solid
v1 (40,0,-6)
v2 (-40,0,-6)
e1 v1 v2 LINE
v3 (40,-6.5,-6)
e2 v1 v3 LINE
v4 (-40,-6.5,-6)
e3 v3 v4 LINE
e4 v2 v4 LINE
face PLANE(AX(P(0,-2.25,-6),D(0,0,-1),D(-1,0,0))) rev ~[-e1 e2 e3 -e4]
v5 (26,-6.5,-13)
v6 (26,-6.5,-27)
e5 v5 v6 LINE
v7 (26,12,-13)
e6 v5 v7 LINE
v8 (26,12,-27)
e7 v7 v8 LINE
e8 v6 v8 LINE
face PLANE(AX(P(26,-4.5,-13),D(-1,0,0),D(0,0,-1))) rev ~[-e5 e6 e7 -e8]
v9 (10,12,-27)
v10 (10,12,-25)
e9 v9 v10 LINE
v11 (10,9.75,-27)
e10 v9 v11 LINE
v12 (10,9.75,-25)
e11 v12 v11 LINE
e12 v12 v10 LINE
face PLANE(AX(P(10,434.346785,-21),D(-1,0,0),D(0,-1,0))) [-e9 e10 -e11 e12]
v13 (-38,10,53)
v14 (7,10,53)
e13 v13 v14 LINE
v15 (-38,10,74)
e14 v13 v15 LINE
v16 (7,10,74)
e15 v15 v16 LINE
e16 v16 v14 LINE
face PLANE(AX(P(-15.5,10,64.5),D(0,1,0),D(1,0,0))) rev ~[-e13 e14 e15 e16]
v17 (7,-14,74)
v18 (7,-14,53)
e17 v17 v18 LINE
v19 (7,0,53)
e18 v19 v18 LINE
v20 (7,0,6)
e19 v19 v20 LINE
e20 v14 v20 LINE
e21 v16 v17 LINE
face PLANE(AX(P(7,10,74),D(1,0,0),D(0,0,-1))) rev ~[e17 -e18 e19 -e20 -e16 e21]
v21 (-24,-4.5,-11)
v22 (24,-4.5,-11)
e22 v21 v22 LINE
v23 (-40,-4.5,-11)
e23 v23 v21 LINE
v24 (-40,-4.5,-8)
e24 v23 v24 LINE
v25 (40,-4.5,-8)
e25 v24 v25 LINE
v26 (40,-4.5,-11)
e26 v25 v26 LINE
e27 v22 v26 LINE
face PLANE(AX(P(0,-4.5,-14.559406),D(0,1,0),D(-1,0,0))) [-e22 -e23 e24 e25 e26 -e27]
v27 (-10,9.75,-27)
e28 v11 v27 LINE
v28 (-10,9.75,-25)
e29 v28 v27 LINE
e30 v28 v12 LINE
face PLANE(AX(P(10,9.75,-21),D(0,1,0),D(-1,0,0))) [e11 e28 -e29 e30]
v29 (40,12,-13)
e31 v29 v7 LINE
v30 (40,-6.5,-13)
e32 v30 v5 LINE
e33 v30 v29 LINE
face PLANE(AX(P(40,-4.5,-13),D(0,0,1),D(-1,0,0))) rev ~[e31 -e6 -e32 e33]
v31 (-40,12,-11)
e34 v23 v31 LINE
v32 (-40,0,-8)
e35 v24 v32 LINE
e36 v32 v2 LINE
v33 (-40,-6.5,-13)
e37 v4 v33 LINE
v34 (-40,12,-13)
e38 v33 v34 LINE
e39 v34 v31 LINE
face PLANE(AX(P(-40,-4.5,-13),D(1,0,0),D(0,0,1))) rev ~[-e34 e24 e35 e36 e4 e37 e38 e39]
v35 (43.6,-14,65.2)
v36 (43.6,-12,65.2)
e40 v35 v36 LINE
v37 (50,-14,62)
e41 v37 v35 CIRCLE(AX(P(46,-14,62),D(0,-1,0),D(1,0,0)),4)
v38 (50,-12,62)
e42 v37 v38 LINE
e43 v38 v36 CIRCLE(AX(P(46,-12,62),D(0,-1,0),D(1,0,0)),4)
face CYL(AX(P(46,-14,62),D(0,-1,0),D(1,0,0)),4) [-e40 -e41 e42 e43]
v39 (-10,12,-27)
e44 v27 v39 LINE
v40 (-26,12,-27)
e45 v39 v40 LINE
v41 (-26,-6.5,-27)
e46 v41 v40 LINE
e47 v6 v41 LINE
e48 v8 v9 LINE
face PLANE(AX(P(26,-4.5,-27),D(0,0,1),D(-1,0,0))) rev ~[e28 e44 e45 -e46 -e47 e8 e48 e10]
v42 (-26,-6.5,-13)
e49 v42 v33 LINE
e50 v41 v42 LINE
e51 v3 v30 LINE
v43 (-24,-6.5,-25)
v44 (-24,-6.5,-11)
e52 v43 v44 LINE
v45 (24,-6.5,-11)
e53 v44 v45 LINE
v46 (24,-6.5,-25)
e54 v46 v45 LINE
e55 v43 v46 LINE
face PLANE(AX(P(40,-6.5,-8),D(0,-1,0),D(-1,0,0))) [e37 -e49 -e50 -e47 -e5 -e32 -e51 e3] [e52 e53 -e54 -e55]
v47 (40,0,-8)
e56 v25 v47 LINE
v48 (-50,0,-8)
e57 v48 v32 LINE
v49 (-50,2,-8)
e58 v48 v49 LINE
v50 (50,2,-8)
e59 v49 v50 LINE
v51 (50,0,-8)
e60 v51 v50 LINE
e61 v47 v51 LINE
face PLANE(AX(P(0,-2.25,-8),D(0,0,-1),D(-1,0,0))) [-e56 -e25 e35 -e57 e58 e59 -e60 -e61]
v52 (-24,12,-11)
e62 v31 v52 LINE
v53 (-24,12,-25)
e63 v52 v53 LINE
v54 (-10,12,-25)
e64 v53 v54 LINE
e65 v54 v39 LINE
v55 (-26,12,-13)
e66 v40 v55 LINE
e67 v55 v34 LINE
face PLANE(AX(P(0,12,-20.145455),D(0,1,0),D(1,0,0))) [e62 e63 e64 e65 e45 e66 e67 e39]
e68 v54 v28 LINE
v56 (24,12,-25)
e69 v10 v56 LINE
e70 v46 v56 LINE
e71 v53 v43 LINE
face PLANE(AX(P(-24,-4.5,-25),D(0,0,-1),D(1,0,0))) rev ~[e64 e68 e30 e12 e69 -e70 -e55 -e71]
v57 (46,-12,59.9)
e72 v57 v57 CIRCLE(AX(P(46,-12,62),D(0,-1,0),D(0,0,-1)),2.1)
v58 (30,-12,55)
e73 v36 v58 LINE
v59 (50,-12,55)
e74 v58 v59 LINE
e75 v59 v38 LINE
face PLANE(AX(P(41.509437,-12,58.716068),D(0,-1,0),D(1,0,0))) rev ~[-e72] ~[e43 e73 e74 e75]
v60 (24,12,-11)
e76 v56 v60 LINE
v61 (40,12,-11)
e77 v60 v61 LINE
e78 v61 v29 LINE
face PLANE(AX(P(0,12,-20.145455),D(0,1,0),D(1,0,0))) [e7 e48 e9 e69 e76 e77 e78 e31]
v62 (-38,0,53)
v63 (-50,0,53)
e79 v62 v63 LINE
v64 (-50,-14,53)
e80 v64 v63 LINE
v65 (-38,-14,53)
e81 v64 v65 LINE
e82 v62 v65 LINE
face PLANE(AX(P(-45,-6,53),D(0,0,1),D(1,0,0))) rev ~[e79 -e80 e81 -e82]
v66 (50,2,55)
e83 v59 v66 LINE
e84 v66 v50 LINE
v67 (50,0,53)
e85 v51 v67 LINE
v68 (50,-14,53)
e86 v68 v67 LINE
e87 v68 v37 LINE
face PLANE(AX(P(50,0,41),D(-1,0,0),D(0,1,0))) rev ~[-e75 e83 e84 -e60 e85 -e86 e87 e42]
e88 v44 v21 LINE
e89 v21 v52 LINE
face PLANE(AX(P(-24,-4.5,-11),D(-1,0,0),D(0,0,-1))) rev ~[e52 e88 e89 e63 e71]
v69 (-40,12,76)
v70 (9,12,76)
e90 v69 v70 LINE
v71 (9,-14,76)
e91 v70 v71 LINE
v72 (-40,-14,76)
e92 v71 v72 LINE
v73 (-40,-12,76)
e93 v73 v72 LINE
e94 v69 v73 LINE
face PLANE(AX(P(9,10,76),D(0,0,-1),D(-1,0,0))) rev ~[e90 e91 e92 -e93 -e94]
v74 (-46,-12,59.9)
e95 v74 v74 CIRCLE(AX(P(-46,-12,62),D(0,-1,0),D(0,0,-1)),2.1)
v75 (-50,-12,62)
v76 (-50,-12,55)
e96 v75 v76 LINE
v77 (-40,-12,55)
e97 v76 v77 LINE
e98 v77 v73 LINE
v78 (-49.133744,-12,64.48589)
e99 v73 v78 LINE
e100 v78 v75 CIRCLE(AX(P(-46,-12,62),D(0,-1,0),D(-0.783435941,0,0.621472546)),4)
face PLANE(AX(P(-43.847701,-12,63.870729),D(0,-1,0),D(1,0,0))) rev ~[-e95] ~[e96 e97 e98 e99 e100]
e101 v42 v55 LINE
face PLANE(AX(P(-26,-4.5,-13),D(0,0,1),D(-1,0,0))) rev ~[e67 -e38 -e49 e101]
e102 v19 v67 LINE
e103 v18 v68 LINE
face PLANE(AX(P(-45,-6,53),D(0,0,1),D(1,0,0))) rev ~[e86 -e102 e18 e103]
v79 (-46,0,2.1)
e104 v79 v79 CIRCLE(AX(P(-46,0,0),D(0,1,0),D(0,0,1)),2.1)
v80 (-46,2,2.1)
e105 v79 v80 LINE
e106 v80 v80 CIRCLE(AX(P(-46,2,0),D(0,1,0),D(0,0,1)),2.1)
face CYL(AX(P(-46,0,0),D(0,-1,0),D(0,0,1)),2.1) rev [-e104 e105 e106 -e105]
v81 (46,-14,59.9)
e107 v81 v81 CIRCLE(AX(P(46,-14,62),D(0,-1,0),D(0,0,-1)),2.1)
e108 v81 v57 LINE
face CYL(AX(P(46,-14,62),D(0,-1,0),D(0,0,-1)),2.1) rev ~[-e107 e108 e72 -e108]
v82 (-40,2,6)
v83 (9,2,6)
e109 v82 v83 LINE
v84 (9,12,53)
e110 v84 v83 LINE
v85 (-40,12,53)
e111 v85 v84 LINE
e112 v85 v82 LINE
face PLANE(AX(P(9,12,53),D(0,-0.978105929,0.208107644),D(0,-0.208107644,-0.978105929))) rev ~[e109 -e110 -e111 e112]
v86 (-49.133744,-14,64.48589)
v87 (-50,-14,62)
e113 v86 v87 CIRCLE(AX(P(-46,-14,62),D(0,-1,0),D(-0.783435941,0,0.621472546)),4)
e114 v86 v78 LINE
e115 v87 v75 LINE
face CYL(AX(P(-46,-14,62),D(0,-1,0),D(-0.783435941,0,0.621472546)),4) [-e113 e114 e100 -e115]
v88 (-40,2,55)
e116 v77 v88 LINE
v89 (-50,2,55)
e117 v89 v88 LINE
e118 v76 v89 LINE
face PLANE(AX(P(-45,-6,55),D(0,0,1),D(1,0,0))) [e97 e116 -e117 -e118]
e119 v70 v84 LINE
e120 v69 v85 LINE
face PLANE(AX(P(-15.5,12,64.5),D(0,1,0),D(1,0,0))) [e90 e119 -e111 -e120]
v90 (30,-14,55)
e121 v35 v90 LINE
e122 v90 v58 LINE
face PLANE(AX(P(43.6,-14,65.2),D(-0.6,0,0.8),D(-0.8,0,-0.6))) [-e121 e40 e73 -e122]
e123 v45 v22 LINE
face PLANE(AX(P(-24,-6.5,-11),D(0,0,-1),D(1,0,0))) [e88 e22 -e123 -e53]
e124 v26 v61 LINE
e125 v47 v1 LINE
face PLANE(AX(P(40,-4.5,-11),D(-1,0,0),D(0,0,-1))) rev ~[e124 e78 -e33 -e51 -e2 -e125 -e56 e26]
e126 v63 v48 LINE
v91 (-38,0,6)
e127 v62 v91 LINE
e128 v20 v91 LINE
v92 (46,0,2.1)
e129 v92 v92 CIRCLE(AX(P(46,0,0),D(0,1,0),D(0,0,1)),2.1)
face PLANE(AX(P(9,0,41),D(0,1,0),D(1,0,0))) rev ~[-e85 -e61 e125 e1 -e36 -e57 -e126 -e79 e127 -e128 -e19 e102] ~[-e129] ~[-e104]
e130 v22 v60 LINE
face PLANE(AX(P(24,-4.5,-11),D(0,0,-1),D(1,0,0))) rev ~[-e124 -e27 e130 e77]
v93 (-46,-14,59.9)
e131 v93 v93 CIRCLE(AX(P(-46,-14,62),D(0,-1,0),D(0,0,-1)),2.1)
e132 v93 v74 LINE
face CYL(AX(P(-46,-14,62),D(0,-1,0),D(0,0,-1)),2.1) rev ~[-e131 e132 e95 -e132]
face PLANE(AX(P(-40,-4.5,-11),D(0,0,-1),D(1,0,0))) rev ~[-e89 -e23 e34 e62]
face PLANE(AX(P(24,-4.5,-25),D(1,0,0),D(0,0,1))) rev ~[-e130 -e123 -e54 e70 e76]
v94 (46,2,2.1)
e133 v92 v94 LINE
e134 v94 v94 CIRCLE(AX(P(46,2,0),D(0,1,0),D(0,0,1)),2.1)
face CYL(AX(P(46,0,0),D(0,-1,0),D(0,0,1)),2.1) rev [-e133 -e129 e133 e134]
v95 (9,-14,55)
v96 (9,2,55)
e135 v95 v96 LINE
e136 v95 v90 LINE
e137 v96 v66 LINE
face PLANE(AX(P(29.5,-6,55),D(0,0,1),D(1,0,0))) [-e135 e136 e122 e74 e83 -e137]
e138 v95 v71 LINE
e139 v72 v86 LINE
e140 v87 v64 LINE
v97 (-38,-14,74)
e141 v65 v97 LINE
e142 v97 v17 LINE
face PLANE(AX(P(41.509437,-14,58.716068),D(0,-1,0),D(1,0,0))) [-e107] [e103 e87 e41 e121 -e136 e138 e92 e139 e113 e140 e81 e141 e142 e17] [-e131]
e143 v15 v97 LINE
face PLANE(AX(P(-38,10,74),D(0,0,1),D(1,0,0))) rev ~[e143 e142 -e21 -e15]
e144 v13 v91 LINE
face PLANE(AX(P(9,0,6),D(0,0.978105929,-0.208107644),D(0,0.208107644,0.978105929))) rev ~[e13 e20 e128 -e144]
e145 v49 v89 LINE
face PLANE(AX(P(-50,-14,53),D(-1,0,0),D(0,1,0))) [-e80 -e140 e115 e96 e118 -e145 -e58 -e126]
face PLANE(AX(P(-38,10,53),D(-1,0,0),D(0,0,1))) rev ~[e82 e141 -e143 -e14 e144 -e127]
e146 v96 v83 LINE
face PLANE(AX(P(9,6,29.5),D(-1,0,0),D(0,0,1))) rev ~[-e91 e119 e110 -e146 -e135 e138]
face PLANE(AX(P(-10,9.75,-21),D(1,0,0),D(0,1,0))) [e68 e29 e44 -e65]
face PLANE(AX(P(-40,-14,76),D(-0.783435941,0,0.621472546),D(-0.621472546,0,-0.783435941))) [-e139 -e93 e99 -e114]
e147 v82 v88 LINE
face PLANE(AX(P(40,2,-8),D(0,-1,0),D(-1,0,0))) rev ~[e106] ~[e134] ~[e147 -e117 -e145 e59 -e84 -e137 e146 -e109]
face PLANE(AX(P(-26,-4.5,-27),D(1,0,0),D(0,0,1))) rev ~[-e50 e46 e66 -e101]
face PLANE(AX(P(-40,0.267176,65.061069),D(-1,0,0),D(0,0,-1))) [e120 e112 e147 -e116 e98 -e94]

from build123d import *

# Parameters (mm, degrees)
CROQUIS1_R                 = 2.1
SALIENTE_EXTRUIR1_DEPTH    = 2
CROQUIS4_W                 = 49
CROQUIS4_H                 = 23
SALIENTE_EXTRUIR3_DEPTH    = 2
SALIENTE_EXTRUIR4_DEPTH    = 24
CROQUIS7_W                 = 10
CROQUIS7_H                 = 16
CROQUIS7_W_2               = 41
SALIENTE_EXTRUIR5_DEPTH    = 2
CROQUIS8_R                 = 2.1
SALIENTE_EXTRUIR6_DEPTH    = 2
CROQUIS9_W                 = 41
CROQUIS9_H                 = 2
CROQUIS9_W_2               = 10
SALIENTE_EXTRUIR7_DEPTH    = 12
SALIENTE_EXTRUIR8_REACH    = 99.227
SALIENTE_EXTRUIR9_DEPTH    = 2
SALIENTE_EXTRUIR10_DEPTH   = 2
CROQUIS15_W                = 80
CROQUIS15_H                = 8.5
SALIENTE_EXTRUIR11_DEPTH   = 2
CROQUIS16_W                = 48
CROQUIS16_H                = 14
SALIENTE_EXTRUIR12_DEPTH   = 2
SALIENTE_EXTRUIR13_DEPTH   = 16.5
CORTAR_EXTRUIR1_DEPTH      = 116.347301659
CORTAR_EXTRUIR1_DEPTH_BACK = 6


with BuildPart() as part:
    # Croquis1 → Saliente-Extruir1 (new body)
    with BuildSketch(Plane(origin=(0, 0, 0), x_dir=(1, 0, 0), z_dir=(0, 1, 0))):
        Polygon((50, 8), (50, -41), (9, -41), (9, -6), (-40, -6), (-40, -41), (-50, -41), (-50, 8), align=None)
        with Locations(Location((46, 0, 0), (0, 0, 270))):
            Circle(CROQUIS1_R, mode=Mode.SUBTRACT)
        with Locations(Location((-46, 0, 0), (0, 0, 270))):
            Circle(CROQUIS1_R, mode=Mode.SUBTRACT)
    extrude(amount=SALIENTE_EXTRUIR1_DEPTH)



with BuildPart() as body_2:
    # Croquis4 → Saliente-Extruir3 (new body)
    with BuildSketch(Plane(origin=(0, 12, 0), x_dir=(1, 0, 0), z_dir=(0, 1, 0))):
        with Locations((-15.5, -64.5)):
            Rectangle(CROQUIS4_W, CROQUIS4_H)
    extrude(amount=-SALIENTE_EXTRUIR3_DEPTH)

    # Croquis6 → Saliente-Extruir4 (add)
    with BuildSketch(Plane.XZ.offset(-10)):
        Polygon((-38, 74), (7, 74), (7, 53), (9, 53), (9, 76), (-40, 76), (-40, 53), (-38, 53), align=None)
    extrude(amount=SALIENTE_EXTRUIR4_DEPTH)

    # Croquis7 → Saliente-Extruir5 (add)
    with BuildSketch(Plane.XY.offset(53)):
        with Locations((-45, -6)):
            Rectangle(CROQUIS7_W, CROQUIS7_H)
        with Locations((29.5, -6)):
            Rectangle(CROQUIS7_W_2, CROQUIS7_H)
    extrude(amount=SALIENTE_EXTRUIR5_DEPTH)

    # Croquis8 → Saliente-Extruir6 (add)
    # profile 1 of 2: a face of its own
    with BuildSketch(Plane.XZ.offset(14)):
        with BuildLine():
            Line((30, 55), (50, 55))
            Line((50, 55), (50, 62))
            ThreePointArc((50, 62), (47.788854382, 65.577708764), (43.6, 65.2))
            Line((43.6, 65.2), (30, 55))
        make_face()
        with Locations(Location((46, 62, 0), (0, 0, 270))):
            Circle(CROQUIS8_R, mode=Mode.SUBTRACT)
    # profile 2 of 2: a face of its own
    with BuildSketch(Plane.XZ.offset(14)):
        with BuildLine():
            Line((-40, 55), (-40, 76))
            Line((-40, 76), (-49.133743765, 64.485890185))
            ThreePointArc((-49.133743765, 64.485890185), (-49.777232787, 63.316249395), (-50, 62))
            Line((-50, 62), (-50, 55))
            Line((-50, 55), (-40, 55))
        make_face()
        with Locations(Location((-46, 62, 0), (0, 0, 270))):
            Circle(CROQUIS8_R, mode=Mode.SUBTRACT)
    extrude(amount=-SALIENTE_EXTRUIR6_DEPTH)


with BuildPart() as part_1:
    add(part.part)

    add(body_2.part)  # Saliente-Extruir7 merges body 2
    # Croquis9 → Saliente-Extruir7 (add)
    with BuildSketch(Plane.XY.offset(41)):
        with Locations((29.5, 1)):
            Rectangle(CROQUIS9_W, CROQUIS9_H)
        with Locations((-45, 1)):
            Rectangle(CROQUIS9_W_2, CROQUIS9_H)
    extrude(amount=SALIENTE_EXTRUIR7_DEPTH)

    # Saliente-Extruir8: up to this face of the body (flat: up to its plane)
    saliente_extruir8_end = Plane(part_1.part.faces().sort_by_distance((-40, 0.267175573, 65.061068702))[0])
    # Croquis12 → Saliente-Extruir8 (add, up to the picked face)
    with BuildSketch(Plane.ZY.offset(-9), mode=Mode.PRIVATE) as saliente_extruir8_sk1:
        Polygon((53, 10), (53, 12), (6, 2), (6, 0), align=None)
    saliente_extruir8_tool1 = split(extrude(saliente_extruir8_sk1.sketch, amount=SALIENTE_EXTRUIR8_REACH, mode=Mode.PRIVATE), bisect_by=saliente_extruir8_end, keep=Keep.BOTH, mode=Mode.PRIVATE)
    add(saliente_extruir8_tool1.solids().sort_by(Axis((9, 6, 29.5), (-1, 0, 0)))[0])

    # Croquis13 → Saliente-Extruir9 (add)
    with BuildSketch(Plane(origin=(9, 0, 0), x_dir=(0, 0, -1), z_dir=(1, 0, 0))):
        Polygon((-53, 12), (-53, 0), (-6, 0), (-6, 2), align=None)
    extrude(amount=-SALIENTE_EXTRUIR9_DEPTH)

    # Croquis14 → Saliente-Extruir10 (add)
    with BuildSketch(Plane(origin=(-40, 0, 0), x_dir=(0, 0, -1), z_dir=(1, 0, 0))):
        Polygon((-6, 0), (-6, 2), (-53, 10), (-53, 0), align=None)
    extrude(amount=SALIENTE_EXTRUIR10_DEPTH)

    # Croquis15 → Saliente-Extruir11 (add)
    with BuildSketch(Plane(origin=(0, 0, -8), x_dir=(-1, 0, 0), z_dir=(0, 0, -1))):
        with Locations((0, -2.25)):
            Rectangle(CROQUIS15_W, CROQUIS15_H)
    extrude(amount=-SALIENTE_EXTRUIR11_DEPTH)

    # Croquis16 → Saliente-Extruir12 (add)
    with BuildSketch(Plane.XZ.offset(6.5)):
        Polygon((40, -6), (40, -13), (26, -13), (26, -27), (-26, -27), (-26, -13), (-40, -13), (-40, -6), align=None)
        with Locations((0, -18)):
            Rectangle(CROQUIS16_W, CROQUIS16_H, mode=Mode.SUBTRACT)
    extrude(amount=-SALIENTE_EXTRUIR12_DEPTH)

    # Croquis17 → Saliente-Extruir13 (add)
    with BuildSketch(Plane(origin=(0, -4.5, 0), x_dir=(1, 0, 0), z_dir=(0, 1, 0))):
        Polygon((-24, 25), (24, 25), (24, 11), (38.139050544, 11), (40, 11), (40, 13), (26, 13), (26, 27), (-26, 27), (-26, 13), (-40, 13), (-40, 11), (-38.139050544, 11), (-24, 11), align=None)
    extrude(amount=SALIENTE_EXTRUIR13_DEPTH)

    # Croquis18 → Cortar-Extruir1 (cut, two sides: drawn at the far end of the back side and taken through both)
    with BuildSketch(Plane(origin=(0, 0, -27), x_dir=(-1, 0, 0), z_dir=(0, 0, -1)).offset(-CORTAR_EXTRUIR1_DEPTH_BACK)):
        Polygon((-10, 152.782261794), (-10, 12), (-10, 9.75), (10, 9.75), (10, 12), (10, 152.782261794), (10, 434.346785383), (-10, 434.346785383), align=None)
    extrude(amount=CORTAR_EXTRUIR1_DEPTH + CORTAR_EXTRUIR1_DEPTH_BACK, mode=Mode.SUBTRACT)


solid = part_1.part
